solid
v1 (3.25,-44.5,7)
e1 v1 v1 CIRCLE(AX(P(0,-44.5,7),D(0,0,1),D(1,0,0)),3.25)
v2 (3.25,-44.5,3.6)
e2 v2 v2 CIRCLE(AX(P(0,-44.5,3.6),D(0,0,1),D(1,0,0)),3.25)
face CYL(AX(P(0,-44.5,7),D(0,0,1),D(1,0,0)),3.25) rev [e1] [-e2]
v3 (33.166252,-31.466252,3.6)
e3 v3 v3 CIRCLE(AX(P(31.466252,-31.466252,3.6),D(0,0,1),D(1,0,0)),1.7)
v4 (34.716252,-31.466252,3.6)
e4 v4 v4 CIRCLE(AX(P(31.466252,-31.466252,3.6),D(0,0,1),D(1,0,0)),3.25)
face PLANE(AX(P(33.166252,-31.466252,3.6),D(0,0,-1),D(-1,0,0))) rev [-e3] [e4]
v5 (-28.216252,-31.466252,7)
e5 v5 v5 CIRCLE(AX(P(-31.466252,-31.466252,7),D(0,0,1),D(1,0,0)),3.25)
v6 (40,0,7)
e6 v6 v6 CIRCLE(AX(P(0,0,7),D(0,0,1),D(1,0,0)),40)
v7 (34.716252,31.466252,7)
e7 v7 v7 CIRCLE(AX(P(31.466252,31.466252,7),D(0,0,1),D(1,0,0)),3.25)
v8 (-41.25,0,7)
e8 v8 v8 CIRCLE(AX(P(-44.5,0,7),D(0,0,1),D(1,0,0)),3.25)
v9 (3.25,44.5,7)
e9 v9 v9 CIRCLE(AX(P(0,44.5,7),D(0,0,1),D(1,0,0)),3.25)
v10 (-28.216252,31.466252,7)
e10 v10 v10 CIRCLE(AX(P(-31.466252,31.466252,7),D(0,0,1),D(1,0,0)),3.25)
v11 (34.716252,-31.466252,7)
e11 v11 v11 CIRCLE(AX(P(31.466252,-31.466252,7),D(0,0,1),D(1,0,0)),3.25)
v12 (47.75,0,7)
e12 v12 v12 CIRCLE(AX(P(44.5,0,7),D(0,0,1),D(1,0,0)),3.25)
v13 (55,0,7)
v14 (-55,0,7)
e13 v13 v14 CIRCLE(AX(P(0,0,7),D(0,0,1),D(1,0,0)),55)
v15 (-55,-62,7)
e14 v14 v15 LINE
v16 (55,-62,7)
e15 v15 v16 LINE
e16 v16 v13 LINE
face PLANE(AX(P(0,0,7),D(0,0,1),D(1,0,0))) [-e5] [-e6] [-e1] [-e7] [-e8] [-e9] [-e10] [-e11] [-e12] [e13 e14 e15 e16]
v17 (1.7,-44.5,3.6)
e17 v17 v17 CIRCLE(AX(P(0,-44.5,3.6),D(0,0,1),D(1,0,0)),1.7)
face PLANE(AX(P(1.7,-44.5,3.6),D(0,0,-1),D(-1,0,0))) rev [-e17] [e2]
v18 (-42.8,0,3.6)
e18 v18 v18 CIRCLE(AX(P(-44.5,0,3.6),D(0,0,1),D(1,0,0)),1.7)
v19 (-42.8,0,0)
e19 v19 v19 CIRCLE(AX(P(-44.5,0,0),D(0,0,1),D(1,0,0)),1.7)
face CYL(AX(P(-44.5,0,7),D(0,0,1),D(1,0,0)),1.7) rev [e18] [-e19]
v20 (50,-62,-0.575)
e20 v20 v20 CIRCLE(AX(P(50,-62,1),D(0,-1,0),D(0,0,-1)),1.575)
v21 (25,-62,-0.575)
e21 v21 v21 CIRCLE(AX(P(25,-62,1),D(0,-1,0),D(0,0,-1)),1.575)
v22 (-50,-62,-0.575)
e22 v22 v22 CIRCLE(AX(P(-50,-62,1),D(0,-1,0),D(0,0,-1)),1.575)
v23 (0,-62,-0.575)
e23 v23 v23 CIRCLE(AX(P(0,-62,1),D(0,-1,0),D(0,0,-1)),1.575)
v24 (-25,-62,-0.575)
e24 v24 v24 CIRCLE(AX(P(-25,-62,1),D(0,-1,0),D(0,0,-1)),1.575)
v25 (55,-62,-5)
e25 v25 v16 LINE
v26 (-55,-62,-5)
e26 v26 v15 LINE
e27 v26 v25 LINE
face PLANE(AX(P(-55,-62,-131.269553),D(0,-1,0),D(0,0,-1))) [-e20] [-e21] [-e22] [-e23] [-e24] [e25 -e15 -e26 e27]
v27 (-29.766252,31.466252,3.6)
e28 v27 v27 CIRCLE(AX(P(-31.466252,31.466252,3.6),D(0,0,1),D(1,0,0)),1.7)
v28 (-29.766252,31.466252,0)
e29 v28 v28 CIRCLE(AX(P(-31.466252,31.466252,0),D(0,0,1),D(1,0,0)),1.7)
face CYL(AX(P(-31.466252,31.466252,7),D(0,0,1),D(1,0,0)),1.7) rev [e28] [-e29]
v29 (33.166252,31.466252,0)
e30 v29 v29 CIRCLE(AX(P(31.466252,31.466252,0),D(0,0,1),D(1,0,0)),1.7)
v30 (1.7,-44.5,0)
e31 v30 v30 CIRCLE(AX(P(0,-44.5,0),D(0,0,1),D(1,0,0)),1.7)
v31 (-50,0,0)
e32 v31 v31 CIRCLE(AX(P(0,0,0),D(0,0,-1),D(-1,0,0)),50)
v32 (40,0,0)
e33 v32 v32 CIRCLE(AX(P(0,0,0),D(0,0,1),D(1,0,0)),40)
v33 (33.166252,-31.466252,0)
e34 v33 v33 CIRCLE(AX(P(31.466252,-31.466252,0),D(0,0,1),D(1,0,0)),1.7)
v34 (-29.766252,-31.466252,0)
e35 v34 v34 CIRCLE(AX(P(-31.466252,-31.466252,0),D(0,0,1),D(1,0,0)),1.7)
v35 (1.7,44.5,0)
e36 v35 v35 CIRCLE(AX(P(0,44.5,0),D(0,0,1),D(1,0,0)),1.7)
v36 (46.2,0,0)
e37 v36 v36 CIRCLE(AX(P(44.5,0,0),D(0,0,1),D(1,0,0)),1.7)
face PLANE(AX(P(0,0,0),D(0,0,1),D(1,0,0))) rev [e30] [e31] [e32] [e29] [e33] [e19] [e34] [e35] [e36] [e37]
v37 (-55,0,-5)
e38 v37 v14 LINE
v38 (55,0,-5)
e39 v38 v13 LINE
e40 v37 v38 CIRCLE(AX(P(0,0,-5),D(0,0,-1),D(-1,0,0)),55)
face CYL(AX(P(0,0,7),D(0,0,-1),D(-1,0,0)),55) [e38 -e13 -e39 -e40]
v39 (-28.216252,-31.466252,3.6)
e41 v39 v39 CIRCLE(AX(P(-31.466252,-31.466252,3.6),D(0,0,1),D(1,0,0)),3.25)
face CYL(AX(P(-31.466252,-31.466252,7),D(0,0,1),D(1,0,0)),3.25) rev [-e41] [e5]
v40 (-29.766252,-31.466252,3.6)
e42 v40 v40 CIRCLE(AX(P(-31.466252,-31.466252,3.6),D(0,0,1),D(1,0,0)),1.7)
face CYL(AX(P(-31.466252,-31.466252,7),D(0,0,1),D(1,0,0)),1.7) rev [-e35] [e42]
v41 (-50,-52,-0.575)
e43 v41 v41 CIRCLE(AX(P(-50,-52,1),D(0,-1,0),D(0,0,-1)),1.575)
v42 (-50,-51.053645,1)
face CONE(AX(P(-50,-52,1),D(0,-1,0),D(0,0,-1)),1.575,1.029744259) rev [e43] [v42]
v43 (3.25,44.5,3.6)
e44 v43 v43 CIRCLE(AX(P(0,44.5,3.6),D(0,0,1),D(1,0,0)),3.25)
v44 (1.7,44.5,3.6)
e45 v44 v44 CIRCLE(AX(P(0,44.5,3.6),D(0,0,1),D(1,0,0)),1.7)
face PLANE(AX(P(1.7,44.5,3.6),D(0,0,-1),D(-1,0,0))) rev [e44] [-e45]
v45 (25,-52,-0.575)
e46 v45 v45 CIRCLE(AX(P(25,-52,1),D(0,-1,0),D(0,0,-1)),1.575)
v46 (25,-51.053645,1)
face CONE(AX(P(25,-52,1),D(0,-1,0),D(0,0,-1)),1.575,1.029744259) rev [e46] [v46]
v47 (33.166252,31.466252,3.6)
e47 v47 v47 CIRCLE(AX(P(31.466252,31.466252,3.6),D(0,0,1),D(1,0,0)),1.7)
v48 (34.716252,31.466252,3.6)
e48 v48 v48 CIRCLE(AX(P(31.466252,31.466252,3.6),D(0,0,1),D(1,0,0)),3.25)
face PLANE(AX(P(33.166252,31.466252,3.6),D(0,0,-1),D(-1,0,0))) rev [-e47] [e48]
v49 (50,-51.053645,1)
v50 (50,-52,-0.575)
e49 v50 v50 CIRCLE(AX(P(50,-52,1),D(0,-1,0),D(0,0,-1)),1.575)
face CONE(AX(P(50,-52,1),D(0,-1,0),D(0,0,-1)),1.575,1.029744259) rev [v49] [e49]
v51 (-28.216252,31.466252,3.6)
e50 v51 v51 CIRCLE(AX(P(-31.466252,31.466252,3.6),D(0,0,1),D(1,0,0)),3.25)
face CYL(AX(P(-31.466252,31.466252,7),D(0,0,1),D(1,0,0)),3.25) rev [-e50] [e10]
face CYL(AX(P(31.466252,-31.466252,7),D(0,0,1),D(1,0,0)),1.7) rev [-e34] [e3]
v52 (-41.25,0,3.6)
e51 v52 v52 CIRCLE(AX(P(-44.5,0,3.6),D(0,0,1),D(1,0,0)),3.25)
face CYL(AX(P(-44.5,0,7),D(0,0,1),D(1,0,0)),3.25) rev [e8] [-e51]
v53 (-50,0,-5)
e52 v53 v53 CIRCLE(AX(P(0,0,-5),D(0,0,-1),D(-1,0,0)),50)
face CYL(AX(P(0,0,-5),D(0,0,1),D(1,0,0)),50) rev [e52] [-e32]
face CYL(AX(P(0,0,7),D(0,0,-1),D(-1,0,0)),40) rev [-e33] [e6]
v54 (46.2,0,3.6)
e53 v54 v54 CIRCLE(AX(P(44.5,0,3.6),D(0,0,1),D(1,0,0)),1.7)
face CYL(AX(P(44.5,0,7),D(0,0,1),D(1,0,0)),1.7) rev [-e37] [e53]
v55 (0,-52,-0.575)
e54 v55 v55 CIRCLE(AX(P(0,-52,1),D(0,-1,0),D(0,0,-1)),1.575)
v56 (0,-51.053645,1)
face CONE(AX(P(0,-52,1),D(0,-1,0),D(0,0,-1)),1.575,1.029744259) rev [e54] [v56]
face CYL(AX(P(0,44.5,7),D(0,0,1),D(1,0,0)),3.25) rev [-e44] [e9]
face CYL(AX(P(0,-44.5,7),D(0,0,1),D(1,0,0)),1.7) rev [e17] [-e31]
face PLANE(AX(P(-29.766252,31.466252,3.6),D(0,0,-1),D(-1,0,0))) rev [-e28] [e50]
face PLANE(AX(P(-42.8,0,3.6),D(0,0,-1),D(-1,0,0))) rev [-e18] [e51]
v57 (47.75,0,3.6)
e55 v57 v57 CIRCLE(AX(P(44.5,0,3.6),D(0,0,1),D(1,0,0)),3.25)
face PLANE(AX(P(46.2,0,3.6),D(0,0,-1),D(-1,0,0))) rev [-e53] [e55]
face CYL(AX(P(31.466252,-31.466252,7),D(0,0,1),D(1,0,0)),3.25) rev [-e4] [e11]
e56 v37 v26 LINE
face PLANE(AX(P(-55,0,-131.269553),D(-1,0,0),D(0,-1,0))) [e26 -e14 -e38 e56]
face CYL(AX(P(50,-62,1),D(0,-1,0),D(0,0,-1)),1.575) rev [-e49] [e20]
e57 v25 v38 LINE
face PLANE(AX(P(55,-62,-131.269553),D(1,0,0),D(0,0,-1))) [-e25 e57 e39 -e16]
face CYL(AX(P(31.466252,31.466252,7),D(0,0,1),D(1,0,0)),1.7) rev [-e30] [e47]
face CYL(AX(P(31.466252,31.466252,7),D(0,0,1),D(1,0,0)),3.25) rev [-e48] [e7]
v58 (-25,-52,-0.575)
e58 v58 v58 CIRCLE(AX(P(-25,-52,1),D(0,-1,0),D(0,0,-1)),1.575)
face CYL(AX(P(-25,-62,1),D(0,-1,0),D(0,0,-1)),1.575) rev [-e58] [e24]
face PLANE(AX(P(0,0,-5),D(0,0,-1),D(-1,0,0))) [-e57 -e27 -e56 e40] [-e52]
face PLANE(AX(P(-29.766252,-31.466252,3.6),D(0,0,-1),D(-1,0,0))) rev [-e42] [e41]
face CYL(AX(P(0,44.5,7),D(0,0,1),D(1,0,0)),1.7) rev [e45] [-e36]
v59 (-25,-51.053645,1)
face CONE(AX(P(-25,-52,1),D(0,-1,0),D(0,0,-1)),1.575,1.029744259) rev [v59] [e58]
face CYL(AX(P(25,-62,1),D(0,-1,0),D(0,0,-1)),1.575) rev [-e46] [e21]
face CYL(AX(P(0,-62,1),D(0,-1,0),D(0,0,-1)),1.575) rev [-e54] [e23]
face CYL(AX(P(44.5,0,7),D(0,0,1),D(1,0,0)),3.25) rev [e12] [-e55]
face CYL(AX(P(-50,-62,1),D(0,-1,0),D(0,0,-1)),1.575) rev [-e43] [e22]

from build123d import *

# Parameters (mm, degrees)
SKETCH1_R                                           = 55
SKETCH1_R_2                                         = 40
BOSS_EXTRUDE1_DEPTH                                 = 7
CBORE_FOR_M3_HEX_SOCKET_HEAD_CAP_SCREW1_D           = 3.4
CBORE_FOR_M3_HEX_SOCKET_HEAD_CAP_SCREW1_CBORE_D     = 6.5
CBORE_FOR_M3_HEX_SOCKET_HEAD_CAP_SCREW1_CBORE_DEPTH = 3.4
BOSS_EXTRUDE3_START                                 = 5
SKETCH4_R                                           = 55
SKETCH4_R_2                                         = 50
BOSS_EXTRUDE3_DEPTH                                 = 5
BOSS_EXTRUDE4_START                                 = -12
BOSS_EXTRUDE4_DEPTH                                 = 12
TAP_DRILL_FOR_M3_HELICOIL1_D                        = 3.15
TAP_DRILL_FOR_M3_HELICOIL1_DEPTH                    = 10
TAP_DRILL_FOR_M3_HELICOIL1_TIP                      = 0.946355475


with BuildPart() as part:
    # Sketch1 → Boss-Extrude1 (new body)
    with BuildSketch(Plane.XY):
        Circle(SKETCH1_R)
        Circle(SKETCH1_R_2, mode=Mode.SUBTRACT)
    extrude(amount=BOSS_EXTRUDE1_DEPTH)

    # CBORE for M3 Hex Socket Head Cap Screw1 (through all)
    with Locations(Plane.XY.offset(7)):
        with Locations((-31.466251763, 31.466251763), (0, 44.5), (31.466251763, 31.466251763), (44.5, 0), (31.466251763, -31.466251763), (0, -44.5), (-31.466251763, -31.466251763), (-44.5, 0)):
            CounterBoreHole(CBORE_FOR_M3_HEX_SOCKET_HEAD_CAP_SCREW1_D / 2, CBORE_FOR_M3_HEX_SOCKET_HEAD_CAP_SCREW1_CBORE_D / 2, CBORE_FOR_M3_HEX_SOCKET_HEAD_CAP_SCREW1_CBORE_DEPTH)

    # Sketch4 → Boss-Extrude3 (add)
    with BuildSketch(Plane(origin=(0, 0, 0), x_dir=(-1, 0, 0), z_dir=(0, 0, -1)).offset(BOSS_EXTRUDE3_START)):
        Circle(SKETCH4_R)
        Circle(SKETCH4_R_2, mode=Mode.SUBTRACT)
    extrude(amount=-BOSS_EXTRUDE3_DEPTH)

    # Sketch5 → Boss-Extrude4 (add)
    with BuildSketch(Plane.XY.offset(7).offset(BOSS_EXTRUDE4_START)):
        with BuildLine():
            Line((-55, 0), (-55, -62))
            Line((-55, -62), (55, -62))
            Line((55, -62), (55, 0))
            ThreePointArc((55, 0), (0, -55), (-55, 0))
        make_face()
    extrude(amount=BOSS_EXTRUDE4_DEPTH)

    # Tap Drill for M3 Helicoil1
    with Locations(Plane(origin=(0, -62, 0), x_dir=(-1, 0, 0), z_dir=(0, -1, 0))):
        with Locations((-50, -1), (0, -1), (25, -1), (50, -1), (-25, -1)):
            Hole(TAP_DRILL_FOR_M3_HELICOIL1_D / 2, depth=TAP_DRILL_FOR_M3_HELICOIL1_DEPTH)
            with Locations((0, 0, -(TAP_DRILL_FOR_M3_HELICOIL1_DEPTH + TAP_DRILL_FOR_M3_HELICOIL1_TIP / 2))):  # 118° drill point
                Cone(0, TAP_DRILL_FOR_M3_HELICOIL1_D / 2, TAP_DRILL_FOR_M3_HELICOIL1_TIP, mode=Mode.SUBTRACT)


solid = part.part
